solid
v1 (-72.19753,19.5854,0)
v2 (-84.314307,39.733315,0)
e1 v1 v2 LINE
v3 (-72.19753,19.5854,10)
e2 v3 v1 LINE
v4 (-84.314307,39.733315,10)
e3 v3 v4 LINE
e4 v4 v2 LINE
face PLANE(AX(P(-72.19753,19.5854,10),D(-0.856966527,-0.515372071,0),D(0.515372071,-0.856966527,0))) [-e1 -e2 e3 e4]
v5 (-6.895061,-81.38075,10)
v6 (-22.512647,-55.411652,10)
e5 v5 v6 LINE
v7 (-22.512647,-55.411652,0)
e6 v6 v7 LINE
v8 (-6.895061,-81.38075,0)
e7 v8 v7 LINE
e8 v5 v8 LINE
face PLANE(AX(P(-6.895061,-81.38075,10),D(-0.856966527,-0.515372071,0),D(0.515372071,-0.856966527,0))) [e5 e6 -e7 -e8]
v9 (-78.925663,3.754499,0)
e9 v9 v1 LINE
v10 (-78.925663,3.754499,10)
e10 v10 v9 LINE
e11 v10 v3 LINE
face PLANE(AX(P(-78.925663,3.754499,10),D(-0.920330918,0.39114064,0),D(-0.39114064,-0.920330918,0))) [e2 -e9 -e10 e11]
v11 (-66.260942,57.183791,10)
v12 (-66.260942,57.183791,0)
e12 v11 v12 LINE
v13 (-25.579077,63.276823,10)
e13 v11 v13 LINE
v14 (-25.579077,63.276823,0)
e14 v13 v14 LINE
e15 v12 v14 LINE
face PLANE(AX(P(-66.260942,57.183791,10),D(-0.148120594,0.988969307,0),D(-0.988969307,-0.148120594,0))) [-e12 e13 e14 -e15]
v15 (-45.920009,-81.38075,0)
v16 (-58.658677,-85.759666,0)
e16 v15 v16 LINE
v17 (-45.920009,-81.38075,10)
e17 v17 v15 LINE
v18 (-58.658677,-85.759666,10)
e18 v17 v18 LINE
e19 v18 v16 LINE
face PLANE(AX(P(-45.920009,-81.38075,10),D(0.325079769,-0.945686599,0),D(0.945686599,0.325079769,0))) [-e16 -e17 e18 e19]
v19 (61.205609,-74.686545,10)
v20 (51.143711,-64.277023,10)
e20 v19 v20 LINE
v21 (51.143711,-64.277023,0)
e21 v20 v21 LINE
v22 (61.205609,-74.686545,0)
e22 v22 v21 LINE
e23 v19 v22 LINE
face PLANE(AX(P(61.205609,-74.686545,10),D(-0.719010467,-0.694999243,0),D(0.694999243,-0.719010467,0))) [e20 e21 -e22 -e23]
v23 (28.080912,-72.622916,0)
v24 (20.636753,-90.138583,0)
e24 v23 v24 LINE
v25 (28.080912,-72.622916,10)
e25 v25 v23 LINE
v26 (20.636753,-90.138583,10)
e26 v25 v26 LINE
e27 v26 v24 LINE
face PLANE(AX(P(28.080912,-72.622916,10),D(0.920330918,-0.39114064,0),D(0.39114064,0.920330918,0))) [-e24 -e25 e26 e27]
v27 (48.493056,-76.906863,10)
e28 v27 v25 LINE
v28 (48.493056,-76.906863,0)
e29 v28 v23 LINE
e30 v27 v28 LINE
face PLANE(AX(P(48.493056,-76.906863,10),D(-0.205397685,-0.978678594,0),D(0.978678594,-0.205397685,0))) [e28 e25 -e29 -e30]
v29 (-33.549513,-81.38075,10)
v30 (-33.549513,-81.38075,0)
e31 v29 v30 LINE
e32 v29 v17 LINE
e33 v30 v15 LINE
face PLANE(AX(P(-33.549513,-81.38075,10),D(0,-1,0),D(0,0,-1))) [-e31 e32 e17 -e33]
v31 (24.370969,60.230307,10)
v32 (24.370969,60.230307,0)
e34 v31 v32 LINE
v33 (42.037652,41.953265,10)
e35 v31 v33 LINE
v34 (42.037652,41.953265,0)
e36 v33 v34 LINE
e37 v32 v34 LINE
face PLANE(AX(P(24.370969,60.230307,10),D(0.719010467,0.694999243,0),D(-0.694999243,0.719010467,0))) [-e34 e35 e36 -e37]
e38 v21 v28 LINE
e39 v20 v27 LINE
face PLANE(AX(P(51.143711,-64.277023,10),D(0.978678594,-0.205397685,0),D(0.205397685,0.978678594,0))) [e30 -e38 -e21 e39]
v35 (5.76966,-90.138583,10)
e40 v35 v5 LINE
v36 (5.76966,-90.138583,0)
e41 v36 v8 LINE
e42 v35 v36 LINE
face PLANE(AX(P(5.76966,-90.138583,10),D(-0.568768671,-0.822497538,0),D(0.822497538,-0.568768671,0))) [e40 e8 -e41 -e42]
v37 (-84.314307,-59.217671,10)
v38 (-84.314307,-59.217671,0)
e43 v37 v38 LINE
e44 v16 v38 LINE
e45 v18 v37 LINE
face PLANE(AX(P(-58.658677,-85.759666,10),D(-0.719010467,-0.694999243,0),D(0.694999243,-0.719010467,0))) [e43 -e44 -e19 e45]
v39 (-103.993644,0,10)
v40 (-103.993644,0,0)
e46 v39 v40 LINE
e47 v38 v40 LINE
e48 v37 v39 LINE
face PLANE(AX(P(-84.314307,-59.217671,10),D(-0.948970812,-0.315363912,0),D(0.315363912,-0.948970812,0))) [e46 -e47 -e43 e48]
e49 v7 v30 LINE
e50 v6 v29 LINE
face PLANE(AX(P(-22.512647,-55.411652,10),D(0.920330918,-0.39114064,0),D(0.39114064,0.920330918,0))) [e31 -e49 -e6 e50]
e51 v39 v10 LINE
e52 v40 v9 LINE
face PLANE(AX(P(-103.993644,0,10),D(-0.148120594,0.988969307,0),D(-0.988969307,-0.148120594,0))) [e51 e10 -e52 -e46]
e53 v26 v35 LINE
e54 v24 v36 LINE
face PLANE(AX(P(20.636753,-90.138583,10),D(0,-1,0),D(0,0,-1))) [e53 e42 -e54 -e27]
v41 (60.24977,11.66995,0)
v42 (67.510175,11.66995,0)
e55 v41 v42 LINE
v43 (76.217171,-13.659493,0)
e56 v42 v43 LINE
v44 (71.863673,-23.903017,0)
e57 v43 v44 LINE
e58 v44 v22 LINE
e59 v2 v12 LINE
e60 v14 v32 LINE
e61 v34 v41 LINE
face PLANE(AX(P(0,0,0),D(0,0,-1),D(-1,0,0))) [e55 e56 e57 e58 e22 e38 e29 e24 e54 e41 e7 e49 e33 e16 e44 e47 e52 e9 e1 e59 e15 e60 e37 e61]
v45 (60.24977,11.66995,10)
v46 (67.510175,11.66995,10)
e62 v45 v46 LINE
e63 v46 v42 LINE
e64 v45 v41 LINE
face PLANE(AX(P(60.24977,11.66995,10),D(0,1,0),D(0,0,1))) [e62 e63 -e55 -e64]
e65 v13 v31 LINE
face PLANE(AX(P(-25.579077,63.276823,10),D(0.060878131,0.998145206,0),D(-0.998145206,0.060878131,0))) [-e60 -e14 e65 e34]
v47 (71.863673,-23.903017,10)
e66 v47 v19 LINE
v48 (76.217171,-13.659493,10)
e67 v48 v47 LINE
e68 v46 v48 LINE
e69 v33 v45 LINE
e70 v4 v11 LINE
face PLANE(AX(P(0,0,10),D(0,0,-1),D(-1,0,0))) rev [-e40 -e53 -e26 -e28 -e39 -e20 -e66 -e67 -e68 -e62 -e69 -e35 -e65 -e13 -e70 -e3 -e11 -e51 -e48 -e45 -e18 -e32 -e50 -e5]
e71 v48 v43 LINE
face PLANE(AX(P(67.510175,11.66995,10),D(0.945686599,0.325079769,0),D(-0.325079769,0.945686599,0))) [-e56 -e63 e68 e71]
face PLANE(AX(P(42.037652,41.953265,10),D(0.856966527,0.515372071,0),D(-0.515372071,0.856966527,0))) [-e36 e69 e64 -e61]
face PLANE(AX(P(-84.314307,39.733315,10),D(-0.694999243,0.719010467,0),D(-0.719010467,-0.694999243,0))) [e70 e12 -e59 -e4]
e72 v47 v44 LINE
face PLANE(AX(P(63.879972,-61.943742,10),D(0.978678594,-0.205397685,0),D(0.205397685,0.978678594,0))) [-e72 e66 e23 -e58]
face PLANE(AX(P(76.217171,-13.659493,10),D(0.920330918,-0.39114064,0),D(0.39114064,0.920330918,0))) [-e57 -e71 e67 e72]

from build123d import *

# Parameters (mm, degrees)
EXTRUDE_1_DEPTH = 10


with BuildPart() as part:
    # Эскиз1 → Бобышка-Вытянуть1 (new body)
    with BuildSketch(Plane.XY):
        Polygon((-103.993643731, 0), (-78.925662608, 3.754498972), (-72.197529524, 19.585400347), (-84.314306648, 39.733314808), (-66.260941509, 57.183791111), (-25.579077457, 63.276823335), (24.37096886, 60.230307223), (42.037652278, 41.953265323), (60.249769824, 11.669949659), (67.510175105, 11.669949659), (76.217170861, -13.65949254), (71.863672983, -23.903016958), (63.879972465, -61.943741732), (61.205608948, -74.686545179), (51.143711051, -64.277023194), (48.493055515, -76.90686289), (28.080911747, -72.622916048), (20.636753175, -90.138583276), (5.769659745, -90.138583276), (-6.895061355, -81.380749662), (-22.512646554, -55.411651819), (-33.549513137, -81.380749662), (-45.920009483, -81.380749662), (-58.658676558, -85.759666469), (-84.314306648, -59.21767129), align=None)
    extrude(amount=EXTRUDE_1_DEPTH)


solid = part.part
